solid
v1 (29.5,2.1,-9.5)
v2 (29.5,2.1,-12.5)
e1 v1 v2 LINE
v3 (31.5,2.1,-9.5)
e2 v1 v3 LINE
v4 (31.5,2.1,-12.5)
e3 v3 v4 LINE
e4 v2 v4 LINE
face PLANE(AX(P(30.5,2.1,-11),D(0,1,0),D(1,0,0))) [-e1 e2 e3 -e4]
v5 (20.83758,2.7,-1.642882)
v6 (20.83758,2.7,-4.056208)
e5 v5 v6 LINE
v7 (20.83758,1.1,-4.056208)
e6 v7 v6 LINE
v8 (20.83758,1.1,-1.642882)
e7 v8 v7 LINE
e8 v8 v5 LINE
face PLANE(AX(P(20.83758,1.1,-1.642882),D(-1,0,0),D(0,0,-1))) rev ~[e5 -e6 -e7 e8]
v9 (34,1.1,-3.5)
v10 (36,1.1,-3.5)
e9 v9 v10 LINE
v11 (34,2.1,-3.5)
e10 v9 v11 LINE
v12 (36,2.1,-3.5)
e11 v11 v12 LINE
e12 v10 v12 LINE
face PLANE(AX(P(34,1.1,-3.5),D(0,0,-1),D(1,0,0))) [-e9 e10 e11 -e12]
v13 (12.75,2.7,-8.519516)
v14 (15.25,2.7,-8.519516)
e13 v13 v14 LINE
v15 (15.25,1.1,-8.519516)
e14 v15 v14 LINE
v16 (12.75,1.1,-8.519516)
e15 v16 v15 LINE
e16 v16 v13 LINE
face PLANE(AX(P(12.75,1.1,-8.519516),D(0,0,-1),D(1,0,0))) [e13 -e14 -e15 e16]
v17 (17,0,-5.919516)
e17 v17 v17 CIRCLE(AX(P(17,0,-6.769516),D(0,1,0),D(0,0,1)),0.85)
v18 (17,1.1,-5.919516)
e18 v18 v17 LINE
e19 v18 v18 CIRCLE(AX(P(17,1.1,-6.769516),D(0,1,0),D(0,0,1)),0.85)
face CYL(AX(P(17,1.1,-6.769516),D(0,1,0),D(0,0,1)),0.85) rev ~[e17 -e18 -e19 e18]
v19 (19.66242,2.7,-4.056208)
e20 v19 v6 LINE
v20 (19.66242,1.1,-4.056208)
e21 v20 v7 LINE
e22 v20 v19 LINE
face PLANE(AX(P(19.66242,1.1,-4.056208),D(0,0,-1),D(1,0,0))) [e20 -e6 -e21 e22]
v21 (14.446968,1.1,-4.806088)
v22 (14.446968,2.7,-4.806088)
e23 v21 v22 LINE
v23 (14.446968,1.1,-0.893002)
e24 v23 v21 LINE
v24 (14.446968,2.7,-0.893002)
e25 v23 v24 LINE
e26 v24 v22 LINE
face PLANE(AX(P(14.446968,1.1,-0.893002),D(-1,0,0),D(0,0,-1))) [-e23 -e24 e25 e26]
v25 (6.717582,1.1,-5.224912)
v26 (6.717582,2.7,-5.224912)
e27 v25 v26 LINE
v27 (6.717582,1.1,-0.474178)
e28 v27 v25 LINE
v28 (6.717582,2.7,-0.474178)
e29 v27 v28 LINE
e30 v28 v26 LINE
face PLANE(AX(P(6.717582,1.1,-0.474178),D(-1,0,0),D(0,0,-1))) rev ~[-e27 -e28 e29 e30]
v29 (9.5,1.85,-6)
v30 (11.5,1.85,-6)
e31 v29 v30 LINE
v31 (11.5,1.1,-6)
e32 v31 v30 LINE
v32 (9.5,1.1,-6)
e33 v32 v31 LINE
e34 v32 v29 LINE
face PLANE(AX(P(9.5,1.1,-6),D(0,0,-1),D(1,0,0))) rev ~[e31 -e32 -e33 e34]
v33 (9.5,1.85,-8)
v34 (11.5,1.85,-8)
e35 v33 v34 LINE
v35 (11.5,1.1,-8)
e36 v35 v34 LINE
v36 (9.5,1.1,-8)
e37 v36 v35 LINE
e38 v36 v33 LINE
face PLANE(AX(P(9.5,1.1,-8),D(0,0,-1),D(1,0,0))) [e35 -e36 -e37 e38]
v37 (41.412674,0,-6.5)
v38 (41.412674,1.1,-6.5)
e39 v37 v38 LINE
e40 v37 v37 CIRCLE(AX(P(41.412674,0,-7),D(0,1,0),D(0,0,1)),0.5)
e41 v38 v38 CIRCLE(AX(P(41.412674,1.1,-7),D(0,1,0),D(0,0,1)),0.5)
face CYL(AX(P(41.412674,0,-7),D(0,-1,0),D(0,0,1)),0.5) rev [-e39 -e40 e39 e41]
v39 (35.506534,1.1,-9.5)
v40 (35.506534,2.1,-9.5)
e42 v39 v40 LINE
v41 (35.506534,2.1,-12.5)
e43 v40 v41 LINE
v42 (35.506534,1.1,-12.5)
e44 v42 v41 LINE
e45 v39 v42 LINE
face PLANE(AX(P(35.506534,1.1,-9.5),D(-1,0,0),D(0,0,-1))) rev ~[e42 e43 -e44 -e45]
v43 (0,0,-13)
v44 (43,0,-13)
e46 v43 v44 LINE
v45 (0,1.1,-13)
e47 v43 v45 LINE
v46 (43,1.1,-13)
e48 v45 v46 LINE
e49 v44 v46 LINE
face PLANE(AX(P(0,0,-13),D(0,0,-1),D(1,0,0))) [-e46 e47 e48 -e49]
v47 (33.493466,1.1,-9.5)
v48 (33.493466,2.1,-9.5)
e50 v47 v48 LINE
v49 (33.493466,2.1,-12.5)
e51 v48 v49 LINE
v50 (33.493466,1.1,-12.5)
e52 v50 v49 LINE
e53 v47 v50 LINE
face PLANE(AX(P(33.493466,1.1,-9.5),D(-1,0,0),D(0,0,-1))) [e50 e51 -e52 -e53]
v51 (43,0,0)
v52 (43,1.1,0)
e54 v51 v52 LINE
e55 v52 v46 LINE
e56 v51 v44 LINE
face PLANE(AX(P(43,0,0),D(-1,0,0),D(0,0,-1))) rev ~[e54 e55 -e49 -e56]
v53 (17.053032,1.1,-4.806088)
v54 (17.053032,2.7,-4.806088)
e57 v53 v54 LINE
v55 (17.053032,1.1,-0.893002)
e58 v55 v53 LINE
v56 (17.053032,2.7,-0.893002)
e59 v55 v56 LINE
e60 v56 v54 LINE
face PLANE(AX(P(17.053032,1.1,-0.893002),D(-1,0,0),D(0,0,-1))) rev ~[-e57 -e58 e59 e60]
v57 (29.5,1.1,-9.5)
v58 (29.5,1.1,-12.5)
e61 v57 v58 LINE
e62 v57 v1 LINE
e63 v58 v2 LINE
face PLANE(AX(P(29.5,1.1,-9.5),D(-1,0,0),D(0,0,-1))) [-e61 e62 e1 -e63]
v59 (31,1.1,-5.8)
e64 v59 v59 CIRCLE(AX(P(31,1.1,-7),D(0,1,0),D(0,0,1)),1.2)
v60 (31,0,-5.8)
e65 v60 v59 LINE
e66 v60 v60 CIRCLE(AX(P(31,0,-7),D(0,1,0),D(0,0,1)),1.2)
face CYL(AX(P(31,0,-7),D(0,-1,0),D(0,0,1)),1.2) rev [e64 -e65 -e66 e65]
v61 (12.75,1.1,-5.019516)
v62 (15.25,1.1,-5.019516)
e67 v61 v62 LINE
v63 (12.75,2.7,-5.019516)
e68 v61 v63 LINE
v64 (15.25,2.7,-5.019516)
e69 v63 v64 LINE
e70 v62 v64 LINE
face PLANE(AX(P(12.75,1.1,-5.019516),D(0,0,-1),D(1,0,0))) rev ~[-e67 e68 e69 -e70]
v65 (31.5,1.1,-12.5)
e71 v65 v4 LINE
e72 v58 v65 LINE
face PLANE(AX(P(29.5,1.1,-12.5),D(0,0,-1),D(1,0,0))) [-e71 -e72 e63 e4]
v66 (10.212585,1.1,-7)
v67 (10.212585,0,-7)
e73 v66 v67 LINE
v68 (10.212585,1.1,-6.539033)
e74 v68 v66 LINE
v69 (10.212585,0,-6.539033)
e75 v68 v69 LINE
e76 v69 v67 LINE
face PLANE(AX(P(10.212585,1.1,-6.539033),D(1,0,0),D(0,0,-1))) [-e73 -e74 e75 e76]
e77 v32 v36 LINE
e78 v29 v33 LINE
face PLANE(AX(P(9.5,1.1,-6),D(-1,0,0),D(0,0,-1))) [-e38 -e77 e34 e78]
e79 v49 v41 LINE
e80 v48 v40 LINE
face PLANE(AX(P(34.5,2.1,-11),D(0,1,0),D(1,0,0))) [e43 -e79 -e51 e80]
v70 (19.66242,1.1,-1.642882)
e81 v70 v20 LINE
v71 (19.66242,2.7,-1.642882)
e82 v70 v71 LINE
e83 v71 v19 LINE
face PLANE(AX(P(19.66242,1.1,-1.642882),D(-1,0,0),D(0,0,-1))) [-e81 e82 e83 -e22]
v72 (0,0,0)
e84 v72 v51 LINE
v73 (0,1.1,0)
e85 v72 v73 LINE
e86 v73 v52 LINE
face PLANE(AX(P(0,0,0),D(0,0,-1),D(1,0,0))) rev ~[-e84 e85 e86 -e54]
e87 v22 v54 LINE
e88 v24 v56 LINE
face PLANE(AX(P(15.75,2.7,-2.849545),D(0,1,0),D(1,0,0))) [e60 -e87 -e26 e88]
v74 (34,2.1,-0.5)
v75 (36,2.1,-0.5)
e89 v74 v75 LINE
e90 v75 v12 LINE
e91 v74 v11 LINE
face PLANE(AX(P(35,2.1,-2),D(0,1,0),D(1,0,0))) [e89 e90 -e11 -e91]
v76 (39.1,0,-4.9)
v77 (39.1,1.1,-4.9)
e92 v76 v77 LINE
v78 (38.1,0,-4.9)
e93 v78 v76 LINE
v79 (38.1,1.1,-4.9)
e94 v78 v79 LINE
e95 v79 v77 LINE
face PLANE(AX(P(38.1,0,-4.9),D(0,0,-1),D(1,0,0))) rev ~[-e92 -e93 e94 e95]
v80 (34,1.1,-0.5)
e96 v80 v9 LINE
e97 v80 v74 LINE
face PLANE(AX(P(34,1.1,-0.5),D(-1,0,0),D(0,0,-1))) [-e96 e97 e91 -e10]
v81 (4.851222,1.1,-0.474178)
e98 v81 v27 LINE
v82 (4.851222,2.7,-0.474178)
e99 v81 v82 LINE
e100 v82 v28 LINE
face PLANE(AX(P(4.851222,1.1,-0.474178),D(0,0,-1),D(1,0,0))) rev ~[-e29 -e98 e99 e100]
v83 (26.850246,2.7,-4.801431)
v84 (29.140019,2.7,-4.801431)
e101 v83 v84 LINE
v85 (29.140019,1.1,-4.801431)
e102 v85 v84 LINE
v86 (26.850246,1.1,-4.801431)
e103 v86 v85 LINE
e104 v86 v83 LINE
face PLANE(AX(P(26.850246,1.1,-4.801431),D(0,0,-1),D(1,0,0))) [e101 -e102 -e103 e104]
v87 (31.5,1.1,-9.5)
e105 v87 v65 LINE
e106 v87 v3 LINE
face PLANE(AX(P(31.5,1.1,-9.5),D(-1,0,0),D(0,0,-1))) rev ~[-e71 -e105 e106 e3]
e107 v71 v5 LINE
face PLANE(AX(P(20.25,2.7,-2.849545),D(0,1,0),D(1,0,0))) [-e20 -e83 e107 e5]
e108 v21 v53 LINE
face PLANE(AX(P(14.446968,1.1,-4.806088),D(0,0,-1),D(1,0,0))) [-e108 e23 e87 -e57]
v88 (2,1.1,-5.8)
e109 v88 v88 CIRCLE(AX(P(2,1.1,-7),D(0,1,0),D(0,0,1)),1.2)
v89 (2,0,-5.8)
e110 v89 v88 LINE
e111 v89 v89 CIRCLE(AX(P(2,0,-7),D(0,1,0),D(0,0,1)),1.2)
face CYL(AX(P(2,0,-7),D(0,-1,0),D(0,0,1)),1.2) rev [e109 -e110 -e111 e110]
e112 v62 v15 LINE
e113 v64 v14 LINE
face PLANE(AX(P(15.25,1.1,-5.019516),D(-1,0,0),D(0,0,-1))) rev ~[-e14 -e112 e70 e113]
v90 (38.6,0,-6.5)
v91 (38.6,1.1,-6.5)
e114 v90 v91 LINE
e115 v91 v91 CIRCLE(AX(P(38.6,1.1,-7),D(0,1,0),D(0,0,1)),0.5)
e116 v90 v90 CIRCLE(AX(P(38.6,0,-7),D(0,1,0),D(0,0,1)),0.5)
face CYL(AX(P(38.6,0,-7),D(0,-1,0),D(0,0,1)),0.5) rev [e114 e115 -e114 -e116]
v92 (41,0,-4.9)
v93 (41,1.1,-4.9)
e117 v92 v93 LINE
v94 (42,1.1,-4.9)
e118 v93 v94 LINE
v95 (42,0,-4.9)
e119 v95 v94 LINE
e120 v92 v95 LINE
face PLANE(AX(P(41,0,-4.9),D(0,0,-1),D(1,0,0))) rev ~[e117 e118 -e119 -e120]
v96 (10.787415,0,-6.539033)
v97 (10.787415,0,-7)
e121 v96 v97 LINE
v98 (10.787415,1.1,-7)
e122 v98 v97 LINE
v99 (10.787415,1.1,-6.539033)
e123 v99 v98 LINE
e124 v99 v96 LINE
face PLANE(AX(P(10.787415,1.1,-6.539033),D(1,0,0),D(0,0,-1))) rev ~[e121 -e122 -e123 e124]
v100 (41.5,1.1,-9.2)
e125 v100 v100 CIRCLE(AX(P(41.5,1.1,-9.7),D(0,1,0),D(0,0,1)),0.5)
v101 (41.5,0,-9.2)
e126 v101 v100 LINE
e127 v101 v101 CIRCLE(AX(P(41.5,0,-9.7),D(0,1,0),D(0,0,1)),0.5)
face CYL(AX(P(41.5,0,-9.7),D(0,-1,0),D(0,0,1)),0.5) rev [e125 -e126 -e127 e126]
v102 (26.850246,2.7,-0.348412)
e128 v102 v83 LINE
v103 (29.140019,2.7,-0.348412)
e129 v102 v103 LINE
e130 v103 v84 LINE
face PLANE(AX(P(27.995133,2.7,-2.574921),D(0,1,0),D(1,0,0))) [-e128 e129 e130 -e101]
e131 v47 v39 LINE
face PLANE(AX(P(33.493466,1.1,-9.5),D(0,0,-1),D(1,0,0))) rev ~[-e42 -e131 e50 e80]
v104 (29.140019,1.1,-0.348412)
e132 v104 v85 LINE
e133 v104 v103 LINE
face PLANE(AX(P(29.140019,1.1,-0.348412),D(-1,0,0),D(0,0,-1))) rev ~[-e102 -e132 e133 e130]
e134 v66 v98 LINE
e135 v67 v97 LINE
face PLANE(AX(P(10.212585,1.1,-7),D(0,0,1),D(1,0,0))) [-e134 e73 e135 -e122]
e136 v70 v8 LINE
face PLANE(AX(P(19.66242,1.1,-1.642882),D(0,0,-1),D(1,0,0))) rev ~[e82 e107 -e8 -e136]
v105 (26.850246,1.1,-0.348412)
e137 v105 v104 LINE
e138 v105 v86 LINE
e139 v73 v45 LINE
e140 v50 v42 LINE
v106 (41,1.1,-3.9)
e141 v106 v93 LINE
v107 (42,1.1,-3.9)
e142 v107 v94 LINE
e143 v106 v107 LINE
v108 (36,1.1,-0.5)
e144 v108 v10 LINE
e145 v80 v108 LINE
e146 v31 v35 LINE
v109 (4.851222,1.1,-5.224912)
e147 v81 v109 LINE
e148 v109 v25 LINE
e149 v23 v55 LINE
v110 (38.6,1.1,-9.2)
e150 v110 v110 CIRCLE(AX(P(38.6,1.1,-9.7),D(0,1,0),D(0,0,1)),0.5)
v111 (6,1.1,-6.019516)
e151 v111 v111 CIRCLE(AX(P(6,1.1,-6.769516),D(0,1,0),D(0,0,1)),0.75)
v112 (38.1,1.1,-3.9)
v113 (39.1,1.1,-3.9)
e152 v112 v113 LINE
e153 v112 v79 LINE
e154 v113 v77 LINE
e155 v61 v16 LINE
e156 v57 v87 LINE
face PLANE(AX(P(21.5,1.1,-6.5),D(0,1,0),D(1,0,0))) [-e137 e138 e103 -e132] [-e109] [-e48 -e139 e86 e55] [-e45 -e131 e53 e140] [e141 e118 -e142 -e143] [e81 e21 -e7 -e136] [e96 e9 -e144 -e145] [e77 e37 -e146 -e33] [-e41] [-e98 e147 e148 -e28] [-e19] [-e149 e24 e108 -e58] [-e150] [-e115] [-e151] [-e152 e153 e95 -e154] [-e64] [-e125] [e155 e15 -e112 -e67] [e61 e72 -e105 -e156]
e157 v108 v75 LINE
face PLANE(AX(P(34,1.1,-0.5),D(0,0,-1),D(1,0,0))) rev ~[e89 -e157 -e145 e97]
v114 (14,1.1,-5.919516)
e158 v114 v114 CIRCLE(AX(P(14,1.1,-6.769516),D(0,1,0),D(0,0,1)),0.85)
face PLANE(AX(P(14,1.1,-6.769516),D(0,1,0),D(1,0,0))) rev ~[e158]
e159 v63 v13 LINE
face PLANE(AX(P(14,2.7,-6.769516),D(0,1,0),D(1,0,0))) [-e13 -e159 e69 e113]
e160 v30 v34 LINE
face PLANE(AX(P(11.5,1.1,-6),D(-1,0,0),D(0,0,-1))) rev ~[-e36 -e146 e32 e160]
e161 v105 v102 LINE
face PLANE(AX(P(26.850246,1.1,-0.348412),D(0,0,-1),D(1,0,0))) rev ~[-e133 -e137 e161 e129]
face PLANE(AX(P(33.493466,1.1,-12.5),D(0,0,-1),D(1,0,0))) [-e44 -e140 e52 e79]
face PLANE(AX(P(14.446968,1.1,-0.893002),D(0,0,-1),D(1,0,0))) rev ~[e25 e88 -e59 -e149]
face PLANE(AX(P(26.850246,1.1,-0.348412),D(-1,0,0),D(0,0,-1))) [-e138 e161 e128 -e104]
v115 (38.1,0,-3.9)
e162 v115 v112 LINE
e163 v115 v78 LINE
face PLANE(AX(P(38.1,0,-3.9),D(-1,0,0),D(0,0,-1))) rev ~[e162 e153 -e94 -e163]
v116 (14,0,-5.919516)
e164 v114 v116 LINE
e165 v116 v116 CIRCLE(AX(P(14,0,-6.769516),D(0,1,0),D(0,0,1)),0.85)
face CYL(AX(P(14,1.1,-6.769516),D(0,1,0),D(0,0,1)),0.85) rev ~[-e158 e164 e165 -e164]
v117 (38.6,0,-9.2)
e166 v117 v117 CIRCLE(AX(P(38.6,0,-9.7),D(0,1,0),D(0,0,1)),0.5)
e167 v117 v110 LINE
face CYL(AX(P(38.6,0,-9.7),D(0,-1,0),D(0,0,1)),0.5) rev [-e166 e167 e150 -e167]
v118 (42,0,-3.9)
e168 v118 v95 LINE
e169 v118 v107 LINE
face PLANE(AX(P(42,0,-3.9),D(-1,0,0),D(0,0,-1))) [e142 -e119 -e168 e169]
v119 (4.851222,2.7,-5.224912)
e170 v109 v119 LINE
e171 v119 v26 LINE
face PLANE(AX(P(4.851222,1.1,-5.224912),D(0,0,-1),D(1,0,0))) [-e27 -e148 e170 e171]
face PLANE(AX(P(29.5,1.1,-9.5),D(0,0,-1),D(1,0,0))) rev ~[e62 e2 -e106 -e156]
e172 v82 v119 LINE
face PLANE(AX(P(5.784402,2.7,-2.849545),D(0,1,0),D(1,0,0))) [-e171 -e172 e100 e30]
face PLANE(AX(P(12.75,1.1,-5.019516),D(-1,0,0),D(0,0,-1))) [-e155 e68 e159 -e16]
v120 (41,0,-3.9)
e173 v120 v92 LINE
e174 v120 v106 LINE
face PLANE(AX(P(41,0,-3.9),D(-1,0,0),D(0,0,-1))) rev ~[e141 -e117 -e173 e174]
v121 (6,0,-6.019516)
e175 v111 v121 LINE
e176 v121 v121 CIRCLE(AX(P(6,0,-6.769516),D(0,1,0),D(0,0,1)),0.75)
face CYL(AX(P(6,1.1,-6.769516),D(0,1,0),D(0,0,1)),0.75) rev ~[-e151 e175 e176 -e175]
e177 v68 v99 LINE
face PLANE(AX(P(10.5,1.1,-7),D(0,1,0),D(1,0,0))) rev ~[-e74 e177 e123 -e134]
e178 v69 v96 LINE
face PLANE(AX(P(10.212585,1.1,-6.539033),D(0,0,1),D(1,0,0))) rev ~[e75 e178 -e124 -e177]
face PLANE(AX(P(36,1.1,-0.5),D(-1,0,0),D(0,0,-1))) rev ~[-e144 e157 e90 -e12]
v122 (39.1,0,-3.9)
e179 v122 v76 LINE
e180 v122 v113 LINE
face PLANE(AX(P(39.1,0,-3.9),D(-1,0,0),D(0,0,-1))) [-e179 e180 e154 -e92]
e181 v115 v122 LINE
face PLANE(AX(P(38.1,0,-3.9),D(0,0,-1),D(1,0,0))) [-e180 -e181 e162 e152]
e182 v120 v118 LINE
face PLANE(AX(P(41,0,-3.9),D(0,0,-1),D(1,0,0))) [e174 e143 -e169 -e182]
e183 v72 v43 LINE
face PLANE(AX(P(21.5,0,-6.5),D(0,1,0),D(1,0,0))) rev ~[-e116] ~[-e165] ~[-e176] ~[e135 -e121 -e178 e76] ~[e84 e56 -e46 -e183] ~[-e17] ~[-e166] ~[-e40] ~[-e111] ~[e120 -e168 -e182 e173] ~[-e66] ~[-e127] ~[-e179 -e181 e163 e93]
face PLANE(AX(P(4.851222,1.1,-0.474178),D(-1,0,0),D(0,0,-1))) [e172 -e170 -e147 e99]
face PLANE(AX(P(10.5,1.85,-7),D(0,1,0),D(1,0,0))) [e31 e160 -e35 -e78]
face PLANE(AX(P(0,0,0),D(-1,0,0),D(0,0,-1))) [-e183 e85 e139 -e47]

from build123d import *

# Parameters (mm, degrees)
SKETCH1_W           = 43
SKETCH1_H           = 13
SKETCH1_R           = 1.2
SKETCH1_R_2         = 0.5
SKETCH1_W_2         = 1
SKETCH1_H_2         = 1
BOSS_EXTRUDE1_DEPTH = 1.1
SKETCH4_W           = 0.574829242
SKETCH4_H           = 0.46096735
CUT_EXTRUDE3_DEPTH  = 45.935620614
SKETCH2_R           = 0.75
CUT_EXTRUDE1_DEPTH  = 1.1
SKETCH5_R           = 0.85
CUT_EXTRUDE4_DEPTH  = 45.935620614
SKETCH3_W           = 2
SKETCH3_H           = 2
BOSS_EXTRUDE4_DEPTH = 0.75
SKETCH8_W           = 1.866359835
SKETCH8_H           = 4.750734125
SKETCH8_W_2         = 2.60606497
SKETCH8_H_2         = 3.913085661
SKETCH8_W_3         = 1.175159236
SKETCH8_H_3         = 2.413325778
SKETCH8_W_4         = 2.289773106
SKETCH8_H_4         = 4.453019048
SKETCH8_W_5         = 2.5
SKETCH8_H_5         = 3.5
BOSS_EXTRUDE5_DEPTH = 1.6
SKETCH9_W           = 2
SKETCH9_H           = 3
SKETCH9_W_2         = 2.013067154
BOSS_EXTRUDE6_DEPTH = 1
SKETCH11_R          = 1
BOSS_EXTRUDE7_DEPTH = 1.4


with BuildPart() as part:
    # Sketch1 → Boss-Extrude1 (new body)
    with BuildSketch(Plane(origin=(0, 0, 0), x_dir=(1, 0, 0), z_dir=(0, 1, 0))):
        with Locations((21.5, 6.5)):
            Rectangle(SKETCH1_W, SKETCH1_H)
        with Locations(Location((2, 7, 0), (0, 0, 270))):
            Circle(SKETCH1_R, mode=Mode.SUBTRACT)
        with Locations(Location((31, 7, 0), (0, 0, 270))):
            Circle(SKETCH1_R, mode=Mode.SUBTRACT)
        with Locations(Location((38.6, 7, 0), (0, 0, 270))):
            Circle(SKETCH1_R_2, mode=Mode.SUBTRACT)
        with Locations(Location((41.412673615, 7, 0), (0, 0, 270))):
            Circle(SKETCH1_R_2, mode=Mode.SUBTRACT)
        with Locations(Location((38.6, 9.7, 0), (0, 0, 270))):
            Circle(SKETCH1_R_2, mode=Mode.SUBTRACT)
        with Locations(Location((41.5, 9.7, 0), (0, 0, 270))):
            Circle(SKETCH1_R_2, mode=Mode.SUBTRACT)
        with Locations((38.6, 4.4)):
            Rectangle(SKETCH1_W_2, SKETCH1_H_2, mode=Mode.SUBTRACT)
        with Locations((41.5, 4.4)):
            Rectangle(SKETCH1_W_2, SKETCH1_H_2, mode=Mode.SUBTRACT)
    extrude(amount=BOSS_EXTRUDE1_DEPTH)

    # Sketch4 → Cut-Extrude3 (cut, through all)
    with BuildSketch(Plane(origin=(0, 1.1, 0), x_dir=(1, 0, 0), z_dir=(0, 1, 0))):
        with Locations((10.5, 6.769516325)):
            Rectangle(SKETCH4_W, SKETCH4_H)
    extrude(amount=-CUT_EXTRUDE3_DEPTH, mode=Mode.SUBTRACT)

    # Sketch2 → Cut-Extrude1 (cut)
    with BuildSketch(Plane(origin=(0, 1.1, 0), x_dir=(1, 0, 0), z_dir=(0, 1, 0))):
        with Locations(Location((6, 6.769516325, 0), (0, 0, 270))):
            Circle(SKETCH2_R)
    extrude(amount=-CUT_EXTRUDE1_DEPTH, mode=Mode.SUBTRACT)

    # Sketch5 → Cut-Extrude4 (cut, through all)
    with BuildSketch(Plane(origin=(0, 1.1, 0), x_dir=(1, 0, 0), z_dir=(0, 1, 0))):
        with Locations(Location((14, 6.769516325, 0), (0, 0, 270))):
            Circle(SKETCH5_R)
        with Locations(Location((17, 6.769516325, 0), (0, 0, 270))):
            Circle(SKETCH5_R)
    extrude(amount=-CUT_EXTRUDE4_DEPTH, mode=Mode.SUBTRACT)

    # Sketch3 → Boss-Extrude4 (add)
    with BuildSketch(Plane(origin=(0, 1.1, 0), x_dir=(1, 0, 0), z_dir=(0, 1, 0))):
        with Locations((10.5, 7)):
            Rectangle(SKETCH3_W, SKETCH3_H)
    extrude(amount=BOSS_EXTRUDE4_DEPTH)

    # Sketch8 → Boss-Extrude5 (add)
    with BuildSketch(Plane(origin=(0, 1.1, 0), x_dir=(1, 0, 0), z_dir=(0, 1, 0))):
        with Locations((5.784401845, 2.849545168)):
            Rectangle(SKETCH8_W, SKETCH8_H)
        with Locations((15.75, 2.849545168)):
            Rectangle(SKETCH8_W_2, SKETCH8_H_2)
        with Locations((20.25, 2.849545168)):
            Rectangle(SKETCH8_W_3, SKETCH8_H_3)
        with Locations((27.995132783, 2.574921462)):
            Rectangle(SKETCH8_W_4, SKETCH8_H_4)
        with Locations((14, 6.769516325)):
            Rectangle(SKETCH8_W_5, SKETCH8_H_5)
    extrude(amount=BOSS_EXTRUDE5_DEPTH)

    # Sketch9 → Boss-Extrude6 (add)
    with BuildSketch(Plane(origin=(0, 1.1, 0), x_dir=(1, 0, 0), z_dir=(0, 1, 0))):
        with Locations((35, 2)):
            Rectangle(SKETCH9_W, SKETCH9_H)
        with Locations((34.5, 11)):
            Rectangle(SKETCH9_W_2, SKETCH9_H)
        with Locations((30.5, 11)):
            Rectangle(SKETCH9_W, SKETCH9_H)
    extrude(amount=BOSS_EXTRUDE6_DEPTH)

    # Sketch11 → Boss-Extrude7 (add)
    with BuildSketch(Plane(origin=(0, 1.1, 0), x_dir=(1, 0, 0), z_dir=(0, 1, 0))):
        with Locations((14, 6.769516325)):
            Circle(SKETCH11_R)
    extrude(amount=BOSS_EXTRUDE7_DEPTH)


solid = part.part
